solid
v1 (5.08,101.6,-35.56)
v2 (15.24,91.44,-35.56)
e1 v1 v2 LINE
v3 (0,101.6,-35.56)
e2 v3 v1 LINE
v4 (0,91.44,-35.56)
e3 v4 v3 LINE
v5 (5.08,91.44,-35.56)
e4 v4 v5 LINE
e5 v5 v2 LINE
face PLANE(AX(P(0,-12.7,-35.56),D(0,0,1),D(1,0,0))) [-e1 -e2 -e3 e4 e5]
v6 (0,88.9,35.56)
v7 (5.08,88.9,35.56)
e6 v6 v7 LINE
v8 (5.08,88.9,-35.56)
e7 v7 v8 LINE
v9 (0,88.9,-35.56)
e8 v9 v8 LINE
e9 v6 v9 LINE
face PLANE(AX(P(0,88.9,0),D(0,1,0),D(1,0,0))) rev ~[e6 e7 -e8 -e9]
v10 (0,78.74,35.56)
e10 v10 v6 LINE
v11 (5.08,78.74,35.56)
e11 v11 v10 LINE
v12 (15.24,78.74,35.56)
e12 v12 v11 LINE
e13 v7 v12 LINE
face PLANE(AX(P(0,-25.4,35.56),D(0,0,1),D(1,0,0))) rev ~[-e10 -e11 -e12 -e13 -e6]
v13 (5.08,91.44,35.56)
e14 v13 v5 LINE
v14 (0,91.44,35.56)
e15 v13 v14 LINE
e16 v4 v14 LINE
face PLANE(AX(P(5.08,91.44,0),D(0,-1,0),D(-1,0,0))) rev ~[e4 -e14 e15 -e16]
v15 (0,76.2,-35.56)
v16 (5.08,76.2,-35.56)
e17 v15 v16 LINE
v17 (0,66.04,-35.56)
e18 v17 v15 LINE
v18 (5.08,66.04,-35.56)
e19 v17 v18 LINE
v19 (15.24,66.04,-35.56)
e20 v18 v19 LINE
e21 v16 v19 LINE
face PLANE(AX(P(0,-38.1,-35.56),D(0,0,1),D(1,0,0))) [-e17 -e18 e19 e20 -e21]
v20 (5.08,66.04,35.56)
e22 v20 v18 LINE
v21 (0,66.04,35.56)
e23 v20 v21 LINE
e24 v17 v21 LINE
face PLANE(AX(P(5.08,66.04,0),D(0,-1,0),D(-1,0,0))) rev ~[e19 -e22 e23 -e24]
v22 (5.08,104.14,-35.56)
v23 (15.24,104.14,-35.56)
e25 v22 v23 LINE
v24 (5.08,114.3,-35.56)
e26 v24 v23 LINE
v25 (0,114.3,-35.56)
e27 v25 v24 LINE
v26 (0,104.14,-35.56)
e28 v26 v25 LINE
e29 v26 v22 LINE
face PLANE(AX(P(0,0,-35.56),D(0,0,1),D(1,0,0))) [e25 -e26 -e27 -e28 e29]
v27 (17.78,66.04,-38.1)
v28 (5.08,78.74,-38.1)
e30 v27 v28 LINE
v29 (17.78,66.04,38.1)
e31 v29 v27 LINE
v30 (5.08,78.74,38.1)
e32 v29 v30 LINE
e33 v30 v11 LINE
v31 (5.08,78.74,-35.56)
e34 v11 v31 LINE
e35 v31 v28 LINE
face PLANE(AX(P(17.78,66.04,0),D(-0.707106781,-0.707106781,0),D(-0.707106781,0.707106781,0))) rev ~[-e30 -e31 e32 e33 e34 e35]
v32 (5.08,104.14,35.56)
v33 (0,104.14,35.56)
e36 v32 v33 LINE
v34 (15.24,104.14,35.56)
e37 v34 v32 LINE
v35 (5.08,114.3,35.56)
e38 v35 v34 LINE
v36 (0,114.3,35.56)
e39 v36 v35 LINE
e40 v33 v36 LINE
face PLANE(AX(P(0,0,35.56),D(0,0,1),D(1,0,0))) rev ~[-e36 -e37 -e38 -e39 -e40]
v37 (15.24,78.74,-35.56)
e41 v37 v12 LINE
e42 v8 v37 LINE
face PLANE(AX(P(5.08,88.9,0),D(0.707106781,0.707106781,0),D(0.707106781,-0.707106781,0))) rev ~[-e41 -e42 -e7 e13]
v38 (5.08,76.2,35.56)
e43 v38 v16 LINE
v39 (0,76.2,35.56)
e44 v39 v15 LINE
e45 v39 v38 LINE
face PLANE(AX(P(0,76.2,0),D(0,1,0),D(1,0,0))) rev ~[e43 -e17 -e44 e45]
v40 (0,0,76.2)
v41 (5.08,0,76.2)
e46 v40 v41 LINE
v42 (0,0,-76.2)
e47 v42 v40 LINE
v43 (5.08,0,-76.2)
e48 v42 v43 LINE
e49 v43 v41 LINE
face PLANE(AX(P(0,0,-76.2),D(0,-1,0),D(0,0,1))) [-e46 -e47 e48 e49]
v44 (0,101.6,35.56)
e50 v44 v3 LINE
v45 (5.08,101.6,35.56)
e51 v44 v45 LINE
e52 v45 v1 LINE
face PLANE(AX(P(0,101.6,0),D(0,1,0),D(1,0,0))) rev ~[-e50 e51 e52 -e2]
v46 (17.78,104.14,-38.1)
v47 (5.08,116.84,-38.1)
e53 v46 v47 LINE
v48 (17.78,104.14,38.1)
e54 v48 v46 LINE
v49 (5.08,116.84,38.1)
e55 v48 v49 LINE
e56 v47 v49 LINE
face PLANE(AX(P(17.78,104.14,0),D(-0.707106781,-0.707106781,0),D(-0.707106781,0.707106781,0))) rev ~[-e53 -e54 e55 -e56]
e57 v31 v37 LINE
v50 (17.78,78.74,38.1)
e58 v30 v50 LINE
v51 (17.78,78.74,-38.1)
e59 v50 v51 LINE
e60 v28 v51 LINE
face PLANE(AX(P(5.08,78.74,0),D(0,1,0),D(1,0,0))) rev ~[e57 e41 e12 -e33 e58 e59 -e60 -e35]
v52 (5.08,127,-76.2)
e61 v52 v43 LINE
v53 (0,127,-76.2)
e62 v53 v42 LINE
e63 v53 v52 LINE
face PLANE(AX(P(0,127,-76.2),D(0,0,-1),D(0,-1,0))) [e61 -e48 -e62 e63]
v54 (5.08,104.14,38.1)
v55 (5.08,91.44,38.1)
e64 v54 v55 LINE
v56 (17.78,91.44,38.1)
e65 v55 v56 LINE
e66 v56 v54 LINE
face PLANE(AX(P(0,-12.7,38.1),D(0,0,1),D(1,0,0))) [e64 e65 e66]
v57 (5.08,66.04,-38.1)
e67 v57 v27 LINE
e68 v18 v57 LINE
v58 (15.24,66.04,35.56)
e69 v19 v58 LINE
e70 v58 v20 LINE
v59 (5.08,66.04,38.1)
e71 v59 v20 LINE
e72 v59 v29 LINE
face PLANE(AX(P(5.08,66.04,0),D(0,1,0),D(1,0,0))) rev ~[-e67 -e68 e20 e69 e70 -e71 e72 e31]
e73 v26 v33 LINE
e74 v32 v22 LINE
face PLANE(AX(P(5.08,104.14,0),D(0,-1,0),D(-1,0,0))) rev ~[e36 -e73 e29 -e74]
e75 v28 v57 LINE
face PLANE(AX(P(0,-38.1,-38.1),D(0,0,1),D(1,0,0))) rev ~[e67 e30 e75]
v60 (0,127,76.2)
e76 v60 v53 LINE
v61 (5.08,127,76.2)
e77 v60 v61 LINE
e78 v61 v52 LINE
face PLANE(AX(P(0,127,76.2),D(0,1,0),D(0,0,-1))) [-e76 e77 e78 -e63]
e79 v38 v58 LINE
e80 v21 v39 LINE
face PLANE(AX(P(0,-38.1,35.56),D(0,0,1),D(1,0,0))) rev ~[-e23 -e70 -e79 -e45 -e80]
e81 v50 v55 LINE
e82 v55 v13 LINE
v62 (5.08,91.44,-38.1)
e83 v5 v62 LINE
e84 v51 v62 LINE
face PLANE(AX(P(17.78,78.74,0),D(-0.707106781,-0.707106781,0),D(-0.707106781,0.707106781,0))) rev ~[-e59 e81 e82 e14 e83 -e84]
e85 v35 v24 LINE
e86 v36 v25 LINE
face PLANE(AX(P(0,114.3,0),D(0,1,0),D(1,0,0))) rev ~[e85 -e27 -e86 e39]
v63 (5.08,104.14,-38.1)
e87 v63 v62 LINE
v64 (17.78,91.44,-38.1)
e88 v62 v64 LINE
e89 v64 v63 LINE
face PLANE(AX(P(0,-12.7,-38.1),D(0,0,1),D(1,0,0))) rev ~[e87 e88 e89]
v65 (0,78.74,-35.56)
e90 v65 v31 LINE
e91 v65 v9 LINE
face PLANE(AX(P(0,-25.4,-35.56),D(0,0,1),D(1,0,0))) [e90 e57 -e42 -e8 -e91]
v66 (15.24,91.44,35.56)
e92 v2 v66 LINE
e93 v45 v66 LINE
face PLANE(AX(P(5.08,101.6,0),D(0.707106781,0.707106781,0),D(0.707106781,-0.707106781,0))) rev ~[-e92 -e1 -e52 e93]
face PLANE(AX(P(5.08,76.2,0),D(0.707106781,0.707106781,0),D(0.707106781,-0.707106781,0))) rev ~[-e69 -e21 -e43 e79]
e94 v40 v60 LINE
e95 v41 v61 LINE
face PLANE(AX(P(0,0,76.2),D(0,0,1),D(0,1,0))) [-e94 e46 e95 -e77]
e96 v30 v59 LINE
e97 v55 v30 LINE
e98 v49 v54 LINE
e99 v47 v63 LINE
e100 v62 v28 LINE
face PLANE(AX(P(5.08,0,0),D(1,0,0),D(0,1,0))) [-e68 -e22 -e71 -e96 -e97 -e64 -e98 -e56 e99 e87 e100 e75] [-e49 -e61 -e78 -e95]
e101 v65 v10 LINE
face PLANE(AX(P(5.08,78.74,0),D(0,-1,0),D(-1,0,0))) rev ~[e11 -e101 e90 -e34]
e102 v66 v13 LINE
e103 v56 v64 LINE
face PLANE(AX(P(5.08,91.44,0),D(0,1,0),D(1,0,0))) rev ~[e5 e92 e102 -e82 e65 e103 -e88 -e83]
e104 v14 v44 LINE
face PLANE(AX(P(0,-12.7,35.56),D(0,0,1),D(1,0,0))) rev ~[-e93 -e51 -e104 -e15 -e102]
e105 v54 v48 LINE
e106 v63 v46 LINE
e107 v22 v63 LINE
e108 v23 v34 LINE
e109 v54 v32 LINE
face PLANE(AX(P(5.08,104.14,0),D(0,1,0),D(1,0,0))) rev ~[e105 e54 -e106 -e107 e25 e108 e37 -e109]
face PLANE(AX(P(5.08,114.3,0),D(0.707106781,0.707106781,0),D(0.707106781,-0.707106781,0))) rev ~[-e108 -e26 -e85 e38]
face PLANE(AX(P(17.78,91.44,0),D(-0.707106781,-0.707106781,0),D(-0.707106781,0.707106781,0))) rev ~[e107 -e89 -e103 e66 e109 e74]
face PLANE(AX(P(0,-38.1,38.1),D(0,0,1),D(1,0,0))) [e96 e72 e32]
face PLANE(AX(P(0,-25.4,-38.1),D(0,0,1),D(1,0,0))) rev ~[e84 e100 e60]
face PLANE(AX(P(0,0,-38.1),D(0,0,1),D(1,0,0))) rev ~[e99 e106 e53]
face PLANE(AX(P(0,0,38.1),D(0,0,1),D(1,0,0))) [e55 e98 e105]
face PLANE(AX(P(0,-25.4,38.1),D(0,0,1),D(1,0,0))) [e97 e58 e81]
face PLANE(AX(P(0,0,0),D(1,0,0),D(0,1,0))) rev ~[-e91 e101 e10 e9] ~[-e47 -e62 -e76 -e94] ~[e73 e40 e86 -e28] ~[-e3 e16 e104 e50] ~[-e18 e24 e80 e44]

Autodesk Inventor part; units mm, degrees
ref_plane "YZ Plane" through (0, 0, 0) normal (1, 0, 0) x (0, 1, 0)
ref_plane "XZ Plane" through (0, 0, 0) normal (0, 1, 0) x (-1, 0, 0)
sketch "Sketch1" plane through (0, 0, 0) normal (1, 0, 0) x (0, 1, 0)
  line L0 (0, 76.2) -> (127, 76.2)
  line L1 (127, 76.2) -> (127, -76.2)
  line L2 (127, -76.2) -> (0, -76.2)
  line L3 (0, -76.2) -> (0, 76.2)
  point P0 (0, 0)
  point P1 (0, 0)
  dimension "d0" = 127
  dimension "d1" = 152.4
extrude "Extrusion1" add sketch "Sketch1" along normal blind 5.08
sketch "Sketch11" plane through (0, 0, 0) normal (0, 0, 1) x (1, 0, 0)
  line L0 (5.08, 127) -> (5.08, 0) projected
  line L1 (5.08, 0) -> (5.08, 127) projected
  line L2 (5.08, 116.84) -> (5.08, 104.14)
  line L3 (5.08, 104.14) -> (17.78, 104.14)
  line L4 (17.78, 104.14) -> (5.08, 116.84)
  line L5 (0, 127) -> (5.08, 127) projected
  point P0 (0, 0)
  point P1 (2.54, 127)
  dimension "d31" = 10.16
  dimension "d32" = 12.7
  dimension "d33" = 45
extrude "Extrusion5" add sketch "Sketch11" along normal mid plane 76.2
ref_plane "Work Plane5" through (0, 0, 0) normal (0, 0, 1) x (1, 0, 0)
sketch "Sketch17" plane through (0, 0, 0) normal (0, 0, 1) x (1, 0, 0)
  line L0 (0, 0) -> (0, 127) projected
  line L1 (17.78, 104.14) -> (5.08, 104.14) projected
  line L2 (15.24, 104.14) -> (0, 104.14)
  line L3 (0, 114.3) -> (5.08, 114.3)
  line L4 (5.08, 0) -> (5.08, 127) projected
  line L5 (5.08, 114.3) -> (15.24, 104.14)
  line L6 (0, 104.14) -> (0, 114.3)
  dimension "d45" = 10.16
  dimension "d46" = 45
extrude "Extrusion6" cut sketch "Sketch17" along normal mid plane 71.12
pattern_linear "Rectangular Pattern4" count 4 spacing 12.7 along (0, -1, 0) of "Extrusion5", "Extrusion6"
